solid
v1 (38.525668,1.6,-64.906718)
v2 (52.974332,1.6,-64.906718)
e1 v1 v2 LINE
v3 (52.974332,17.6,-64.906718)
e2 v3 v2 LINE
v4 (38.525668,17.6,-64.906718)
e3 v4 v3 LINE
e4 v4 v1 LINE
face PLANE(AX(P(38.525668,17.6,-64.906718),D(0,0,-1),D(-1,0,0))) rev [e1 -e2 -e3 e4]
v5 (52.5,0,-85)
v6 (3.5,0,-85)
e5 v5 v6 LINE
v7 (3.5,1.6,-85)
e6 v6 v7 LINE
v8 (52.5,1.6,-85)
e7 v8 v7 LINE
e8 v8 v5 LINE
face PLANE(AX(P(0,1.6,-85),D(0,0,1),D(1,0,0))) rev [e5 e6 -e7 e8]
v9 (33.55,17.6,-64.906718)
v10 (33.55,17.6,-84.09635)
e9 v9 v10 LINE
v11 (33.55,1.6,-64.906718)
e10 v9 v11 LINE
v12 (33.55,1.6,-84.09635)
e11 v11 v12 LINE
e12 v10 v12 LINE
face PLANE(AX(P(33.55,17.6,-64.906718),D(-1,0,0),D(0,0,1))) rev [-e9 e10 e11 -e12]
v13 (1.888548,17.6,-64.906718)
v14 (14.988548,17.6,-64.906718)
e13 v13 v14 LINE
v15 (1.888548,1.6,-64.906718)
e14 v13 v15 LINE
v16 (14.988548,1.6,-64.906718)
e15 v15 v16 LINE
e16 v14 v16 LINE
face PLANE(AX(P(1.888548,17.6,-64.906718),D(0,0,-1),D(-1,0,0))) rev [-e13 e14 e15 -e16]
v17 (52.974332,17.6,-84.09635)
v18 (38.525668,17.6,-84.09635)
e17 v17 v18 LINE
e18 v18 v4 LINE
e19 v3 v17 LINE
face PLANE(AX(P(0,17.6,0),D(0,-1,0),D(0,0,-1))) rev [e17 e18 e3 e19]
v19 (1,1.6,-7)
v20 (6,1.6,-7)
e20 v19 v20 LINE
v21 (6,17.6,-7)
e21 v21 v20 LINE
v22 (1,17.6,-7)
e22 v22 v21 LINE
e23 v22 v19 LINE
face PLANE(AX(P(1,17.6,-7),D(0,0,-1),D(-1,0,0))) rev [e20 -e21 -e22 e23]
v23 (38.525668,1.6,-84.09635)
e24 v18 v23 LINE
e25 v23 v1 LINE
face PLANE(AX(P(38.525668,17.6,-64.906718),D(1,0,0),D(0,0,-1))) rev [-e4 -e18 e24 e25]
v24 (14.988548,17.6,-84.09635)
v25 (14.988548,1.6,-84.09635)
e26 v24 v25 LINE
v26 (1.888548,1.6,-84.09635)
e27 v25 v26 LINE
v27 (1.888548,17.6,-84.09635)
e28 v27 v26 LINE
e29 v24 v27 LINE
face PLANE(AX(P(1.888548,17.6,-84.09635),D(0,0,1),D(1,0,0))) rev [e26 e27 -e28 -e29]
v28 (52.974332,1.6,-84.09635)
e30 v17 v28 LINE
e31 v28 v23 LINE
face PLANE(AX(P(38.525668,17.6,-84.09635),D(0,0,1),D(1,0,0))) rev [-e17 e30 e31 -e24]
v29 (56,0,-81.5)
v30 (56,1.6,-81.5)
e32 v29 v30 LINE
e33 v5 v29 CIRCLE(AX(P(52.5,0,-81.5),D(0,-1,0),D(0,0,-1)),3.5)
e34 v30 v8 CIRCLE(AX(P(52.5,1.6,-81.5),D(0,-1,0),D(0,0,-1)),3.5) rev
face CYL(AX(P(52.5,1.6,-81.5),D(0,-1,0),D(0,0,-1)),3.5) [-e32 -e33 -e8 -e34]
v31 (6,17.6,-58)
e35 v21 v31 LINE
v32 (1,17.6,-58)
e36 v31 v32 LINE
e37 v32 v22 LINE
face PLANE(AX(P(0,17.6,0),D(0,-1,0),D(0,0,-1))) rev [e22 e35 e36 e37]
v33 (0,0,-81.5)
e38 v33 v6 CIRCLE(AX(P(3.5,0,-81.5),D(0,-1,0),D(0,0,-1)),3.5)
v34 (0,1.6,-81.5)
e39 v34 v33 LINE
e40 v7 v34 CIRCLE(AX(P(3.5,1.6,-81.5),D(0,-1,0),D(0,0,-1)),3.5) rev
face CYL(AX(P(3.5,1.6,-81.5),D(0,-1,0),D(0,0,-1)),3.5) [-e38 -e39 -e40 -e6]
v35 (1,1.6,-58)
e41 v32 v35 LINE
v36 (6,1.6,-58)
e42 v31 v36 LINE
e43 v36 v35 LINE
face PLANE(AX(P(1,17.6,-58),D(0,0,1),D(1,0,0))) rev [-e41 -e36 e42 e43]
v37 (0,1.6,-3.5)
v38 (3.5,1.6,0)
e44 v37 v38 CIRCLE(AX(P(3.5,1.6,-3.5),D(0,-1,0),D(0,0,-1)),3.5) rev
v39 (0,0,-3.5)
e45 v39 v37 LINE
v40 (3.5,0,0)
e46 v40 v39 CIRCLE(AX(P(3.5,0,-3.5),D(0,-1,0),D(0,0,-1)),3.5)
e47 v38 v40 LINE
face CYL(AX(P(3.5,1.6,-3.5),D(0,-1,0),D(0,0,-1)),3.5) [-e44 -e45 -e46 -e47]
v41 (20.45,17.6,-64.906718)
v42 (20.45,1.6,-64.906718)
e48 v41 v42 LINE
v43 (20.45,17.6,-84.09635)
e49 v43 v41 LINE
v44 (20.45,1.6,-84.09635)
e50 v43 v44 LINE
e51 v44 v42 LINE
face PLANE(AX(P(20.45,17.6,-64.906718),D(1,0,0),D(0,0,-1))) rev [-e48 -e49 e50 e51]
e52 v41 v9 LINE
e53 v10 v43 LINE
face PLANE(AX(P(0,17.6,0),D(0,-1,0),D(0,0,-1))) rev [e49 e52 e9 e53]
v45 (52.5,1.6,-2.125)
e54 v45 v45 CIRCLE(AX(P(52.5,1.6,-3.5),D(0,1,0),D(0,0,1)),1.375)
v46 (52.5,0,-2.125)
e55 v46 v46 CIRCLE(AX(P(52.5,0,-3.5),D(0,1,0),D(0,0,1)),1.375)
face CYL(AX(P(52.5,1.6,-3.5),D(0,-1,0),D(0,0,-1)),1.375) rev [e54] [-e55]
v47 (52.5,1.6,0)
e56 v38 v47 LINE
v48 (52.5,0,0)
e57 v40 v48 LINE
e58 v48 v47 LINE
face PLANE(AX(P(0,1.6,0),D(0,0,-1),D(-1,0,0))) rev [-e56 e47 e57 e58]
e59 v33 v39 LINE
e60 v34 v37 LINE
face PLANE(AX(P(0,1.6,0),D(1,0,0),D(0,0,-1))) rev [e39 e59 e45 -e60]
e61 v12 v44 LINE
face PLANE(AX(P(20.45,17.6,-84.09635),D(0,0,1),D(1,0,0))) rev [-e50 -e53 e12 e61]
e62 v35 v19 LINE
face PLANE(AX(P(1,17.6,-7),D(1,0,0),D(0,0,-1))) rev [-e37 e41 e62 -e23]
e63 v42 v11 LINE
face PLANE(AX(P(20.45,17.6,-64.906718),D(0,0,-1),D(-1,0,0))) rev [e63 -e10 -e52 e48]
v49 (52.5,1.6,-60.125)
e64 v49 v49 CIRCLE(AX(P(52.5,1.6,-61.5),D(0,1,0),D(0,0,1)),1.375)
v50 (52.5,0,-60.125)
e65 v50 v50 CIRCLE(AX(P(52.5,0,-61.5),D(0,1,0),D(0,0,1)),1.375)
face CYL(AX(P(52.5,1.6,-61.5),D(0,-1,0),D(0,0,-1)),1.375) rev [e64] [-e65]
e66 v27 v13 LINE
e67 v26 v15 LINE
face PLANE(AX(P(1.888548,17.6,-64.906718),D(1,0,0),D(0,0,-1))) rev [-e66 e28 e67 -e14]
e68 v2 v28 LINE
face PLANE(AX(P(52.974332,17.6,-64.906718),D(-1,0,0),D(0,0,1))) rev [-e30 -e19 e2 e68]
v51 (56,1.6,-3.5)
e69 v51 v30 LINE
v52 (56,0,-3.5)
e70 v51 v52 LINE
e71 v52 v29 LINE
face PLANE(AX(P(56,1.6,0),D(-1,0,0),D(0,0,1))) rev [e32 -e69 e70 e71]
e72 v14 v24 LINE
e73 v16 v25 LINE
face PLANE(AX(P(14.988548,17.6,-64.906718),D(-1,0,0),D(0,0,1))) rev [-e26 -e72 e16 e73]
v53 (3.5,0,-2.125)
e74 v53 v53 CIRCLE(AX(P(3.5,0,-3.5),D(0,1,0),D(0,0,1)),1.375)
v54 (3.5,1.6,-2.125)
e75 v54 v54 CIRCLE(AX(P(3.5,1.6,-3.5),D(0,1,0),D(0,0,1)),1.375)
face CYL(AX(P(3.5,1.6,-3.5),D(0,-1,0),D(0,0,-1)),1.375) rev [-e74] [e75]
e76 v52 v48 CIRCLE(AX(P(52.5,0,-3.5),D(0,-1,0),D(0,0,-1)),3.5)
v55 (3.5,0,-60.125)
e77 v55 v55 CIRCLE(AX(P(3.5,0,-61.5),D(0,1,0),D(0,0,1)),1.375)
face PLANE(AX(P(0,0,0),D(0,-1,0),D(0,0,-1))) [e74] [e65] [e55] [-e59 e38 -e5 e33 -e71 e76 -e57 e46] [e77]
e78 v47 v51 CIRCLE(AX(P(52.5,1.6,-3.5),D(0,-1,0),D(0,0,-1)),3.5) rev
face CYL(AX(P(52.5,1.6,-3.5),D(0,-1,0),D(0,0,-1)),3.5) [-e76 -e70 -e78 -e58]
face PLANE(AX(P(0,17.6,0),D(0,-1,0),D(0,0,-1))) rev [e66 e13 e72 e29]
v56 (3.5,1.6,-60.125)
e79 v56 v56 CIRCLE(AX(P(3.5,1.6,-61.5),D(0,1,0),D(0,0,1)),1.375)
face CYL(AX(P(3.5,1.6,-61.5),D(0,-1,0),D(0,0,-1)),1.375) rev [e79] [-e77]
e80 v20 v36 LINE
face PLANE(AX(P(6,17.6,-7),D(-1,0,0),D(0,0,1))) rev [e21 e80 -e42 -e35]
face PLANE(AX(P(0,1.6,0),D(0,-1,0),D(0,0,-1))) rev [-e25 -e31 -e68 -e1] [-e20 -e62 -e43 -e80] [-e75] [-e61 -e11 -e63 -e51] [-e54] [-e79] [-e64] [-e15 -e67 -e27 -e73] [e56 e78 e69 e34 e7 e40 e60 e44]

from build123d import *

# Parameters (mm, degrees)
SKETCH1_W           = 56
SKETCH1_H           = 85
SKETCH1_R           = 1.375
BOSS_EXTRUDE1_DEPTH = 1.6
FILLET1_R           = 3.5
SKETCH3_W           = 13.1
SKETCH3_H           = 19.189632287
SKETCH3_W_2         = 14.44866431
BOSS_EXTRUDE2_DEPTH = 16
SKETCH5_W           = 5
SKETCH5_H           = 51
BOSS_EXTRUDE3_DEPTH = 16


with BuildPart() as part:
    # Sketch1 → Boss-Extrude1 (new body)
    with BuildSketch(Plane(origin=(0, 0, 0), x_dir=(1, 0, 0), z_dir=(0, 1, 0))):
        with Locations((28, 42.5)):
            Rectangle(SKETCH1_W, SKETCH1_H)
        with Locations(Location((3.5, 3.5, 0), (0, 0, 270))):
            Circle(SKETCH1_R, mode=Mode.SUBTRACT)
        with Locations(Location((52.5, 3.5, 0), (0, 0, 270))):
            Circle(SKETCH1_R, mode=Mode.SUBTRACT)
        with Locations(Location((52.5, 61.5, 0), (0, 0, 270))):
            Circle(SKETCH1_R, mode=Mode.SUBTRACT)
        with Locations(Location((3.5, 61.5, 0), (0, 0, 270))):
            Circle(SKETCH1_R, mode=Mode.SUBTRACT)
    extrude(amount=BOSS_EXTRUDE1_DEPTH)

    # Fillet1
    fillet1_edges = [part.edges().sort_by_distance(p)[0] for p in [
        (0, 0.8, -85),
        (56, 0.8, -85),
        (56, 0.8, 0),
        (0, 0.8, 0),
    ]]
    fillet(fillet1_edges, radius=FILLET1_R)

    # Sketch3 → Boss-Extrude2 (add)
    with BuildSketch(Plane(origin=(0, 1.6, 0), x_dir=(1, 0, 0), z_dir=(0, 1, 0))):
        with Locations((8.438548035, 74.501533843)):
            Rectangle(SKETCH3_W, SKETCH3_H)
        with Locations((27, 74.501533843)):
            Rectangle(SKETCH3_W, SKETCH3_H)
        with Locations((45.75, 74.501533843)):
            Rectangle(SKETCH3_W_2, SKETCH3_H)
    extrude(amount=BOSS_EXTRUDE2_DEPTH)

    # Sketch5 → Boss-Extrude3 (add)
    with BuildSketch(Plane(origin=(0, 1.6, 0), x_dir=(1, 0, 0), z_dir=(0, 1, 0))):
        with Locations((3.5, 32.5)):
            Rectangle(SKETCH5_W, SKETCH5_H)
    extrude(amount=BOSS_EXTRUDE3_DEPTH)


solid = part.part
